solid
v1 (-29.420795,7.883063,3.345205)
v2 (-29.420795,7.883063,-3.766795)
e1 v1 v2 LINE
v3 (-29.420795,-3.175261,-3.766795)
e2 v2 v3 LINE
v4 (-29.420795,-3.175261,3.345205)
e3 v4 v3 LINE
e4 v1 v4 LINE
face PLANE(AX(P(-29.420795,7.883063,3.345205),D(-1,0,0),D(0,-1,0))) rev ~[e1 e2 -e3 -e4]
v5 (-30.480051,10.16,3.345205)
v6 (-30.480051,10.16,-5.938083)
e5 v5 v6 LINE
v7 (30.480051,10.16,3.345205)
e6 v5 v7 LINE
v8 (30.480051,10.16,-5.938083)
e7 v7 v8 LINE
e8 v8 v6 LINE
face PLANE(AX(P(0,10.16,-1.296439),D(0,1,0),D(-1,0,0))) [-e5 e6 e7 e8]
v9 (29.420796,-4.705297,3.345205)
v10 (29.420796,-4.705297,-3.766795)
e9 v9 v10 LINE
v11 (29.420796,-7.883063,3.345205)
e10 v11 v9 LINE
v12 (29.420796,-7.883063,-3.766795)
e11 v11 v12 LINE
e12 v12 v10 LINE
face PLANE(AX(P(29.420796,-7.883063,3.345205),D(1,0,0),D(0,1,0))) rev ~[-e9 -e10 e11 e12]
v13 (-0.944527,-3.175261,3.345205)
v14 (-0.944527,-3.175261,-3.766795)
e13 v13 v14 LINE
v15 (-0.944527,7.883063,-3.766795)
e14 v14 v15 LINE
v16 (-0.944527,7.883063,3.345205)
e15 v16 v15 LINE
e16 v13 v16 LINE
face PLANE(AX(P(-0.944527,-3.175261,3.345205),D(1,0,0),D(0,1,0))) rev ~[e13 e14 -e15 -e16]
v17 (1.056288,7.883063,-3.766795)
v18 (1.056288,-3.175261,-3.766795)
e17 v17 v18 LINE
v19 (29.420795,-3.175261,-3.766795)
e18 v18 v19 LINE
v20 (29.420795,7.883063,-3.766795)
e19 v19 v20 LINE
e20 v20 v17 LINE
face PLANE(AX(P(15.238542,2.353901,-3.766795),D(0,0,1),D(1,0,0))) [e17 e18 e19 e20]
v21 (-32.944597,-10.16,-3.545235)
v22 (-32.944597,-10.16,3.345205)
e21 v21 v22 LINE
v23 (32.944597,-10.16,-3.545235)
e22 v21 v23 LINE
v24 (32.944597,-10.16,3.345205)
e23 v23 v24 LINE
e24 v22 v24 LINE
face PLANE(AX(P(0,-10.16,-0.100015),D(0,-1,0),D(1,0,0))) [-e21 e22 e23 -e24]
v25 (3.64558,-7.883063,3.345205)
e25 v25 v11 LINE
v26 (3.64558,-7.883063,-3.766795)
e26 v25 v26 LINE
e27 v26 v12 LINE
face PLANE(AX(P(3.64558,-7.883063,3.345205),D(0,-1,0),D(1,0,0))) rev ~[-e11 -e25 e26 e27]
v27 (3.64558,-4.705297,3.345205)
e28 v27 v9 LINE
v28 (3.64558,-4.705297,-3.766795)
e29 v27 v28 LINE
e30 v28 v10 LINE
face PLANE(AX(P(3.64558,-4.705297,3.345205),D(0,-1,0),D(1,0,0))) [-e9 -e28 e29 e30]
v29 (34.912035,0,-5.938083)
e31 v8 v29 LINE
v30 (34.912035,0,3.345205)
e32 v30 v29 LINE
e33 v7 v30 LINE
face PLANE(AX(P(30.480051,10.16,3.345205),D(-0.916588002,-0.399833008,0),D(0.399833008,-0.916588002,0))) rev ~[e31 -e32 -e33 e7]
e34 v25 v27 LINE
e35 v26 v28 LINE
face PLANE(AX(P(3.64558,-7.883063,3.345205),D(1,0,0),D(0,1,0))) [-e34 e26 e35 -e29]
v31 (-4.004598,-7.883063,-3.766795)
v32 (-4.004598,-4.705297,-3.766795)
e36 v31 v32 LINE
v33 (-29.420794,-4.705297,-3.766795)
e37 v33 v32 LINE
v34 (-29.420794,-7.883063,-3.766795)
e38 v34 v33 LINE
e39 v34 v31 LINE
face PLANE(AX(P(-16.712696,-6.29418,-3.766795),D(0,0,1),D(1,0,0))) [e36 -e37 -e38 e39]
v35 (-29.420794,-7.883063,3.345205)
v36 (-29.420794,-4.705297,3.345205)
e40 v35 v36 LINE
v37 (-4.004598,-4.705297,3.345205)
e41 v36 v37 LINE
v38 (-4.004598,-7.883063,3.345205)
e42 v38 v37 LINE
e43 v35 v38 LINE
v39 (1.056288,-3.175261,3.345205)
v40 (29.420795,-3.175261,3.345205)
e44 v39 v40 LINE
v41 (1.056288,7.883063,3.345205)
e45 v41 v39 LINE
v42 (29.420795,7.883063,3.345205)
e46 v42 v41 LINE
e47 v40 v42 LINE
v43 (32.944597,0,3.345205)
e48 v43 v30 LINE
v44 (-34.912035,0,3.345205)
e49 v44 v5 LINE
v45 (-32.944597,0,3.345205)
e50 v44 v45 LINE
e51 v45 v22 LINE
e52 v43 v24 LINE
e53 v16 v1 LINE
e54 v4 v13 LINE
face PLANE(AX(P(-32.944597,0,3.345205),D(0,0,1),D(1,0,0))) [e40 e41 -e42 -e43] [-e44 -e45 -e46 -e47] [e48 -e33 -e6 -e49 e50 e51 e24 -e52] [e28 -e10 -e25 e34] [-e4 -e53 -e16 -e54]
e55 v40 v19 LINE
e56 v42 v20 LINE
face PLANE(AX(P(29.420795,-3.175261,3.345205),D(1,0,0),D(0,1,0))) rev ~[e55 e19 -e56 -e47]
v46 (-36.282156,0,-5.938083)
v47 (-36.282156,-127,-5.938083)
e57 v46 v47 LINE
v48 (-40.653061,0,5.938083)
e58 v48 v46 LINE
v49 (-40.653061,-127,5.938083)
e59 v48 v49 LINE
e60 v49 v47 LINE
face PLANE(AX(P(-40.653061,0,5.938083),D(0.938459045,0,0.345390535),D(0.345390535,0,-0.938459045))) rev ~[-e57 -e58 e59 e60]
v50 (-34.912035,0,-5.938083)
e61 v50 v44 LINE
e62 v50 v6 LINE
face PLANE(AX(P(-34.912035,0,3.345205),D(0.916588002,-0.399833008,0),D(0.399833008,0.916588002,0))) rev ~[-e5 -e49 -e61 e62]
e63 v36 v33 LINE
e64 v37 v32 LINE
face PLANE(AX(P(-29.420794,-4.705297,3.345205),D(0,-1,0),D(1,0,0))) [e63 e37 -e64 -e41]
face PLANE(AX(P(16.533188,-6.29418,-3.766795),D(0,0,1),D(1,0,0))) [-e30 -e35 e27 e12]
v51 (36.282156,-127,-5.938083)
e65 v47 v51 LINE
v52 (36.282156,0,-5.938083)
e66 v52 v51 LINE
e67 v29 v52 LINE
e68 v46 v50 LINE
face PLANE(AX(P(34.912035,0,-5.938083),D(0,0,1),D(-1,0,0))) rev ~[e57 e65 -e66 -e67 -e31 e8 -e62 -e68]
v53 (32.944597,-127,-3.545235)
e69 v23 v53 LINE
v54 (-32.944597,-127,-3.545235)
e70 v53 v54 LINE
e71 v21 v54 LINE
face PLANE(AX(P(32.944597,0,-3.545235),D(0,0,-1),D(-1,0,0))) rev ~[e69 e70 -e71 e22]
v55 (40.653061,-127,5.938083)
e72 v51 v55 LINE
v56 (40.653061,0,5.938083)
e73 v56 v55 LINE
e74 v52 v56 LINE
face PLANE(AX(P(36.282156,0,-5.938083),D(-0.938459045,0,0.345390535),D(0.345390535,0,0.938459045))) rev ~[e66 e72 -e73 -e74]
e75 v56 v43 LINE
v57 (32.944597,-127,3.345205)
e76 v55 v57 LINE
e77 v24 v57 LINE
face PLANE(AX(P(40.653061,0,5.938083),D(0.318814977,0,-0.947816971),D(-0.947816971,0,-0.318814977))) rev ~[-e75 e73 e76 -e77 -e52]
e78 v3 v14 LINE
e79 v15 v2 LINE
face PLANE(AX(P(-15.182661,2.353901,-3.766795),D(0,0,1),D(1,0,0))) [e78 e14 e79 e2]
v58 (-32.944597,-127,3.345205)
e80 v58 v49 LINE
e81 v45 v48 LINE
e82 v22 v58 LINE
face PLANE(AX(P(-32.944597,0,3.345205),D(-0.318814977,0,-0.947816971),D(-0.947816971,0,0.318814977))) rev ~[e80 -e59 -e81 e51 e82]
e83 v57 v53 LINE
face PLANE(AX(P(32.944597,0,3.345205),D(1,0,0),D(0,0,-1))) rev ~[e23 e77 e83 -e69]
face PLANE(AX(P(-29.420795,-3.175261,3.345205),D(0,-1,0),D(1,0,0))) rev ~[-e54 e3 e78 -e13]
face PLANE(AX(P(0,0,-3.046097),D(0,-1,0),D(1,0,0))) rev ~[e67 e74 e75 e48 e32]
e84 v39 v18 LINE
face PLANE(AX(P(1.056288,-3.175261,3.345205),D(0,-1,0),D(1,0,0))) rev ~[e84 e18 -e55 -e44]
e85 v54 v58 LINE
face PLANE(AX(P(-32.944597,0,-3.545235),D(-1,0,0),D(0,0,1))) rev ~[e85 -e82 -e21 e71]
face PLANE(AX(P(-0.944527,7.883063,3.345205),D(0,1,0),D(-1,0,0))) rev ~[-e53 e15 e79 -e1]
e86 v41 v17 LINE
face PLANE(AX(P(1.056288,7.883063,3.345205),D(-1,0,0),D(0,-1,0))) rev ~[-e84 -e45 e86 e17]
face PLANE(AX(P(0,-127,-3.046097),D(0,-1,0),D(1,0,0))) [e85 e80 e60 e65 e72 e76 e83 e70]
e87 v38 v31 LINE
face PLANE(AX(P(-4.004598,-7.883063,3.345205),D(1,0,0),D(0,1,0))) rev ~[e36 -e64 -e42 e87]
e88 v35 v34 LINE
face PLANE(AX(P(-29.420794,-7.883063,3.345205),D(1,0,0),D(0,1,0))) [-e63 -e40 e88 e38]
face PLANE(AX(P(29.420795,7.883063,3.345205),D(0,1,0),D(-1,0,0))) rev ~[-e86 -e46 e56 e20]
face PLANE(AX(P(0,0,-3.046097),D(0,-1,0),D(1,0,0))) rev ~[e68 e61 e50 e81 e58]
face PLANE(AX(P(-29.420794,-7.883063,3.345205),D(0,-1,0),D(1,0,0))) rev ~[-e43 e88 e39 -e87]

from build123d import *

# Parameters (mm, degrees)
F1_DEPTH = 127
F3_DEPTH = 10.16
F4_W     = 65.889194
F4_H     = 6.89044
F5_DEPTH = 10.16
F7_DEPTH = 25.4
F8_W     = 25.775215
F8_H     = 3.177766
F8_W_2   = 25.416197
F9_DEPTH = 7.112


with BuildPart() as f1:
    # F0 (on Front) → F1 (new body)
    with BuildSketch(Plane.XZ):
        Polygon((-40.653061, 5.938083), (-36.282156, -5.938083), (36.282156, -5.938083), (40.653061, 5.938083), (32.944597, 3.345205), (32.944597, -3.545235), (0, -3.545235), (-32.944597, -3.545235), (-32.944597, 3.345205), align=None)
    extrude(amount=F1_DEPTH)

    # F2 (on face) → F3 (join)
    with BuildSketch(Plane(origin=(0, 0, 0), x_dir=(-1, 0, 0), z_dir=(0, 1, 0))):
        Polygon((-34.912035, 3.345205), (-34.912035, -5.938083), (34.912035, -5.938083), (34.912035, 3.345205), (-32.944597, 3.345205), align=None)
    extrude(amount=F3_DEPTH)

    # F4 (on face) → F5 (join)
    with BuildSketch(Plane.XZ):
        with Locations((0, -0.100015)):
            Rectangle(F4_W, F4_H)
    extrude(amount=F5_DEPTH)

    # F6 (on face) → F7 (cut)
    with BuildSketch(Plane.XY.offset(3.345205)):
        Polygon((30.480051, 10.16), (34.912035, 0), (34.912035, 10.16), align=None)
        Polygon((-34.912035, 10.16), (-34.912035, 0), (-30.480051, 10.16), align=None)
    extrude(amount=-F7_DEPTH, mode=Mode.SUBTRACT)

    # F8 (on face) → F9 (cut)
    with BuildSketch(Plane.XY.offset(3.345205)):
        with Locations((16.533188, -6.29418)):
            Rectangle(F8_W, F8_H)
        Polygon((29.420795, -3.175261), (29.420795, 7.883063), (1.056288, 7.883063), (1.056288, -3.175261), (3.64558, -3.175261), align=None)
        with Locations((-16.712696, -6.29418)):
            Rectangle(F8_W_2, F8_H)
        Polygon((-29.420795, 7.883063), (-29.420795, -3.175261), (-4.004598, -3.175261), (-0.944527, -3.175261), (-0.944527, 7.883063), align=None)
    extrude(amount=-F9_DEPTH, mode=Mode.SUBTRACT)


solid = f1.part
